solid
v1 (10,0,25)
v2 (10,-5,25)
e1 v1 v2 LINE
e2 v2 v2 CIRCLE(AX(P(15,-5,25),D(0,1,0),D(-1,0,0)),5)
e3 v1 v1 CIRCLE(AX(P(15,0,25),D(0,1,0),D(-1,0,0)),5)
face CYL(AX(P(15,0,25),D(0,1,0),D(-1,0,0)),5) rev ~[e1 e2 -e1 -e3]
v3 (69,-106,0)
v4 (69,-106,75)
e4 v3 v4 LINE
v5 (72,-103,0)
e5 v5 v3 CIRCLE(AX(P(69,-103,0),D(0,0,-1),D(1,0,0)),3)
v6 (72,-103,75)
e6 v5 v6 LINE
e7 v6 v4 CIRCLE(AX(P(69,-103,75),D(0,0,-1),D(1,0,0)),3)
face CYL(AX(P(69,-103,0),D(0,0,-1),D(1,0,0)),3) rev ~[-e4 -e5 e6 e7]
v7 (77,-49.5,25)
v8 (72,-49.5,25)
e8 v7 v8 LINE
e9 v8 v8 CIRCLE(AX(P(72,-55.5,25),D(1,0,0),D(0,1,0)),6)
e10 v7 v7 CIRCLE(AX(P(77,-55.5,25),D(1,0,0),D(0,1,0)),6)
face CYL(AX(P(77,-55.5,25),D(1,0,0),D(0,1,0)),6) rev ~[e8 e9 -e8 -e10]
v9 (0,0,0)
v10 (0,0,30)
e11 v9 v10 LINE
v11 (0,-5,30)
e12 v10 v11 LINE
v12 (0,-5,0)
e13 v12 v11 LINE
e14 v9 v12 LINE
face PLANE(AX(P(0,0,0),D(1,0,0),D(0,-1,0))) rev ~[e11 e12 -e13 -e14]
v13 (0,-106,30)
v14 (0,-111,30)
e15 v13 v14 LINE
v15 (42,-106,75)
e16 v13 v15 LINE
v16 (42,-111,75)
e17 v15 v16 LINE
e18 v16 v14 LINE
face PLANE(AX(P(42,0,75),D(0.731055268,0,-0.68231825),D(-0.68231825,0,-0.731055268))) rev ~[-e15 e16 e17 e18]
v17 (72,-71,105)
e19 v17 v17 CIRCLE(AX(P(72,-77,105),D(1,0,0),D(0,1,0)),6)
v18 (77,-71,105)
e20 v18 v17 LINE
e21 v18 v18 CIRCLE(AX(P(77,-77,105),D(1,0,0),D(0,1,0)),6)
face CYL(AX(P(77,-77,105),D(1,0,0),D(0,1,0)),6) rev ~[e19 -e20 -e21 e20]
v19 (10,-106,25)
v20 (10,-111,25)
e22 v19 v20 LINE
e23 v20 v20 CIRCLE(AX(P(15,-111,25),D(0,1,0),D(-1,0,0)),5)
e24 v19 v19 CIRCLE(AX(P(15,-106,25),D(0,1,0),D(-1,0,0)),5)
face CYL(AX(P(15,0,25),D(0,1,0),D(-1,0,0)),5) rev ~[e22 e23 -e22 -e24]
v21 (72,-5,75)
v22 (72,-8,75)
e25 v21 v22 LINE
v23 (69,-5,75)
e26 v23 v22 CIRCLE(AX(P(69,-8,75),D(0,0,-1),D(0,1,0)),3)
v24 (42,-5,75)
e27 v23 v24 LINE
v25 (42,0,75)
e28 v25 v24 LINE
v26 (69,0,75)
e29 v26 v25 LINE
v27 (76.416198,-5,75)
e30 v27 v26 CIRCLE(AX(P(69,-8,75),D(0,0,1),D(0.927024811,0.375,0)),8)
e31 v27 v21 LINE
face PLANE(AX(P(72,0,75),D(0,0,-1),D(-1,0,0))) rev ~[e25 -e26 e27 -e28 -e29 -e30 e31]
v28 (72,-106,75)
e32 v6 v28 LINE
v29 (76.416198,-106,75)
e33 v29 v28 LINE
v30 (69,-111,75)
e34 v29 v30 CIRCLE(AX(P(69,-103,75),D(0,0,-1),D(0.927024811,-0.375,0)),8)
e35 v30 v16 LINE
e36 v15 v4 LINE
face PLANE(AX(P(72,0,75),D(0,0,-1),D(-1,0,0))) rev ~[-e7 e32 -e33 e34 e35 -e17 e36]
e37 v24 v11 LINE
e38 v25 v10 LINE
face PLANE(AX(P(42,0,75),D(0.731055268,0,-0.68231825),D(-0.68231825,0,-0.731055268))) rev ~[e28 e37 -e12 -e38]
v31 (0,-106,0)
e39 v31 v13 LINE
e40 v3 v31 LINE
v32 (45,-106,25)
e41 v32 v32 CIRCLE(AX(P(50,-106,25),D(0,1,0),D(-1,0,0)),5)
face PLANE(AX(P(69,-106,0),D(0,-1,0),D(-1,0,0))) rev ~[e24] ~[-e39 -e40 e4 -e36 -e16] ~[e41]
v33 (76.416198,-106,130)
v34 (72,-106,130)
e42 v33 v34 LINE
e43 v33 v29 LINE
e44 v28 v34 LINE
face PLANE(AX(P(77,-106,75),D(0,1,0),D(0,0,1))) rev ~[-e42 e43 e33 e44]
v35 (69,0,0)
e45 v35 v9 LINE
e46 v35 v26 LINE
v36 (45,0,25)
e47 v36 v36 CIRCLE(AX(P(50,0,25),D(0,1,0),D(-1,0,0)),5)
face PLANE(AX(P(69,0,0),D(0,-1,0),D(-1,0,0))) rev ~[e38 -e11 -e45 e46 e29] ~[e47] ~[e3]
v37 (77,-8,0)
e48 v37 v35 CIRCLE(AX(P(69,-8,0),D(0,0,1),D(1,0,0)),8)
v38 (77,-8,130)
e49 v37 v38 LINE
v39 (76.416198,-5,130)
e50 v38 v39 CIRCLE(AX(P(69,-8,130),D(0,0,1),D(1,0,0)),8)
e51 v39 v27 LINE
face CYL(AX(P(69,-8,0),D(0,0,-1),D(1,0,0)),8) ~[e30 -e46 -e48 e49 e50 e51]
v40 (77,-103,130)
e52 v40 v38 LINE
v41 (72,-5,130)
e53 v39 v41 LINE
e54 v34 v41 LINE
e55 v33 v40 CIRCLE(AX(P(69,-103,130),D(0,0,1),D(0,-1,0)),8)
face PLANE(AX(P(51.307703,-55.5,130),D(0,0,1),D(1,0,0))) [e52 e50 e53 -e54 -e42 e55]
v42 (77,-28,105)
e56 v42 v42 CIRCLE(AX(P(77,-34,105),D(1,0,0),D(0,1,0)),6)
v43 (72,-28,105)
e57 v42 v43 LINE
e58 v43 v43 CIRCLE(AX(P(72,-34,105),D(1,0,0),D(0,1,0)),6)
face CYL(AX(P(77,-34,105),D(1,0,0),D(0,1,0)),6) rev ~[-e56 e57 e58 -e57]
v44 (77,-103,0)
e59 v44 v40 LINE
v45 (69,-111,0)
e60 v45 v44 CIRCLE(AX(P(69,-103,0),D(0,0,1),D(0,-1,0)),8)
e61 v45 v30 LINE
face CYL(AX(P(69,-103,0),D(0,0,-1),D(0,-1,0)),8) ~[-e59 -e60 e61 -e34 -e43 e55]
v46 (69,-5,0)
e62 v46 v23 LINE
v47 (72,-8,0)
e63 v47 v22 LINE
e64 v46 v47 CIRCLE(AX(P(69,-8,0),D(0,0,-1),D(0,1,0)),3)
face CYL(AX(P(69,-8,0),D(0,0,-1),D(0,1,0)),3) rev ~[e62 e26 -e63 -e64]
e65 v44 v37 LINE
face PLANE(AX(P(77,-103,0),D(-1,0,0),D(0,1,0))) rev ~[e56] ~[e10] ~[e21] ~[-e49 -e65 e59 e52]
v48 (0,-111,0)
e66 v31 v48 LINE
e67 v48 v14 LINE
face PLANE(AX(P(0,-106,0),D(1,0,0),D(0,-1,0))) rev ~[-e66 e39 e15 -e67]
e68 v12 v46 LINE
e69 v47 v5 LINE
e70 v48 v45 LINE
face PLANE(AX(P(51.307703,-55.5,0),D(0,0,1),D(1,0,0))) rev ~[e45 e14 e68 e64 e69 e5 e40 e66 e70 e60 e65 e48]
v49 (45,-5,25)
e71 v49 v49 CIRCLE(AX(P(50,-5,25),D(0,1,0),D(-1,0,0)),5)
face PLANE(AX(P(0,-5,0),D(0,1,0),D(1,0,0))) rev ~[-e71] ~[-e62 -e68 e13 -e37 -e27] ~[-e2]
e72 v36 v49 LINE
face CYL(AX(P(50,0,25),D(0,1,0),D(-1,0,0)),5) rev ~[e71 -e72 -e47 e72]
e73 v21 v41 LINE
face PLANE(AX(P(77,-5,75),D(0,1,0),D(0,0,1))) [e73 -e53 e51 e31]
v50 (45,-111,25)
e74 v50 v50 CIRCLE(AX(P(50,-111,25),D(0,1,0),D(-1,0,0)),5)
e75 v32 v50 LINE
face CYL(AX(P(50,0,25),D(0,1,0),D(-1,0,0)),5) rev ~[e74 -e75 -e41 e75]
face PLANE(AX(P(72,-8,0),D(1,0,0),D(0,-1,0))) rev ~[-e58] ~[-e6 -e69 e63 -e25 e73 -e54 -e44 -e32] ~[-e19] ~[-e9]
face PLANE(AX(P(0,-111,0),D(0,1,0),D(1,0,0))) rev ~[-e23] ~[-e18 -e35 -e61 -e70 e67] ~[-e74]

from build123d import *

# Parameters (mm, degrees)
F1_DEPTH  = 130
F4_DEPTH  = 121
F6_DEPTH  = 116
F8_W      = 5
F8_H      = 55
F9_DEPTH  = 37.8
F10_W     = 5
F10_H     = 55
F11_DEPTH = 63
F12_R     = 5
F13_DEPTH = 135
F14_R     = 6
F15_DEPTH = 25


with BuildPart() as f1:
    # F0 (on Top) → F1 (new body)
    with BuildSketch(Plane.XY):
        with BuildLine():
            Line((69, 0), (0, 0))
            Line((0, 0), (0, -5))
            Line((0, -5), (69, -5))
            ThreePointArc((69, -5), (71.1213203436, -5.8786796564), (72, -8))
            Line((72, -8), (72, -103))
            ThreePointArc((72, -103), (71.1213203436, -105.1213203436), (69, -106))
            Line((69, -106), (0, -106))
            Line((0, -106), (0, -111))
            Line((0, -111), (69, -111))
            ThreePointArc((69, -111), (74.6568542495, -108.6568542495), (77, -103))
            Line((77, -103), (77, -8))
            ThreePointArc((77, -8), (74.6568542495, -2.3431457505), (69, 0))
        make_face()
    extrude(amount=F1_DEPTH)

    # F3 (on offset) → F4 (cut)
    with BuildSketch(Plane(origin=(0, 0, 0), x_dir=(-1, 0, 0), z_dir=(0, 1, 0))):
        Polygon((0, 75), (0, 130), (-72, 130), (-72, 75), (-42, 75), align=None)
    extrude(amount=-F4_DEPTH, mode=Mode.SUBTRACT)

    # F5 (on offset) → F6 (cut)
    with BuildSketch(Plane(origin=(0, 0, 0), x_dir=(-1, 0, 0), z_dir=(0, 1, 0))):
        Polygon((0, 30), (0, 75), (-42, 75), align=None)
    extrude(amount=-F6_DEPTH, mode=Mode.SUBTRACT)

    # F8 (on offset) → F9 (cut)
    with BuildSketch(Plane.YZ.offset(77)):
        with Locations((-2.5, 102.5)):
            Rectangle(F8_W, F8_H)
    extrude(amount=-F9_DEPTH, mode=Mode.SUBTRACT)

    # F10 (on offset) → F11 (cut)
    with BuildSketch(Plane.YZ.offset(77)):
        with Locations((-108.5, 102.5)):
            Rectangle(F10_W, F10_H)
    extrude(amount=-F11_DEPTH, mode=Mode.SUBTRACT)

    # F12 (on offset) → F13 (cut)
    with BuildSketch(Plane(origin=(0, 0, 0), x_dir=(-1, 0, 0), z_dir=(0, 1, 0))):
        with Locations((-15, 25)):
            Circle(F12_R)
        with Locations((-50, 25)):
            Circle(F12_R)
    extrude(amount=-F13_DEPTH, mode=Mode.SUBTRACT)

    # F14 (on offset) → F15 (cut)
    with BuildSketch(Plane.YZ.offset(77)):
        with Locations((-55.5, 25)):
            Circle(F14_R)
        with Locations((-77, 105)):
            Circle(F14_R)
        with Locations((-34, 105)):
            Circle(F14_R)
    extrude(amount=-F15_DEPTH, mode=Mode.SUBTRACT)


solid = f1.part
